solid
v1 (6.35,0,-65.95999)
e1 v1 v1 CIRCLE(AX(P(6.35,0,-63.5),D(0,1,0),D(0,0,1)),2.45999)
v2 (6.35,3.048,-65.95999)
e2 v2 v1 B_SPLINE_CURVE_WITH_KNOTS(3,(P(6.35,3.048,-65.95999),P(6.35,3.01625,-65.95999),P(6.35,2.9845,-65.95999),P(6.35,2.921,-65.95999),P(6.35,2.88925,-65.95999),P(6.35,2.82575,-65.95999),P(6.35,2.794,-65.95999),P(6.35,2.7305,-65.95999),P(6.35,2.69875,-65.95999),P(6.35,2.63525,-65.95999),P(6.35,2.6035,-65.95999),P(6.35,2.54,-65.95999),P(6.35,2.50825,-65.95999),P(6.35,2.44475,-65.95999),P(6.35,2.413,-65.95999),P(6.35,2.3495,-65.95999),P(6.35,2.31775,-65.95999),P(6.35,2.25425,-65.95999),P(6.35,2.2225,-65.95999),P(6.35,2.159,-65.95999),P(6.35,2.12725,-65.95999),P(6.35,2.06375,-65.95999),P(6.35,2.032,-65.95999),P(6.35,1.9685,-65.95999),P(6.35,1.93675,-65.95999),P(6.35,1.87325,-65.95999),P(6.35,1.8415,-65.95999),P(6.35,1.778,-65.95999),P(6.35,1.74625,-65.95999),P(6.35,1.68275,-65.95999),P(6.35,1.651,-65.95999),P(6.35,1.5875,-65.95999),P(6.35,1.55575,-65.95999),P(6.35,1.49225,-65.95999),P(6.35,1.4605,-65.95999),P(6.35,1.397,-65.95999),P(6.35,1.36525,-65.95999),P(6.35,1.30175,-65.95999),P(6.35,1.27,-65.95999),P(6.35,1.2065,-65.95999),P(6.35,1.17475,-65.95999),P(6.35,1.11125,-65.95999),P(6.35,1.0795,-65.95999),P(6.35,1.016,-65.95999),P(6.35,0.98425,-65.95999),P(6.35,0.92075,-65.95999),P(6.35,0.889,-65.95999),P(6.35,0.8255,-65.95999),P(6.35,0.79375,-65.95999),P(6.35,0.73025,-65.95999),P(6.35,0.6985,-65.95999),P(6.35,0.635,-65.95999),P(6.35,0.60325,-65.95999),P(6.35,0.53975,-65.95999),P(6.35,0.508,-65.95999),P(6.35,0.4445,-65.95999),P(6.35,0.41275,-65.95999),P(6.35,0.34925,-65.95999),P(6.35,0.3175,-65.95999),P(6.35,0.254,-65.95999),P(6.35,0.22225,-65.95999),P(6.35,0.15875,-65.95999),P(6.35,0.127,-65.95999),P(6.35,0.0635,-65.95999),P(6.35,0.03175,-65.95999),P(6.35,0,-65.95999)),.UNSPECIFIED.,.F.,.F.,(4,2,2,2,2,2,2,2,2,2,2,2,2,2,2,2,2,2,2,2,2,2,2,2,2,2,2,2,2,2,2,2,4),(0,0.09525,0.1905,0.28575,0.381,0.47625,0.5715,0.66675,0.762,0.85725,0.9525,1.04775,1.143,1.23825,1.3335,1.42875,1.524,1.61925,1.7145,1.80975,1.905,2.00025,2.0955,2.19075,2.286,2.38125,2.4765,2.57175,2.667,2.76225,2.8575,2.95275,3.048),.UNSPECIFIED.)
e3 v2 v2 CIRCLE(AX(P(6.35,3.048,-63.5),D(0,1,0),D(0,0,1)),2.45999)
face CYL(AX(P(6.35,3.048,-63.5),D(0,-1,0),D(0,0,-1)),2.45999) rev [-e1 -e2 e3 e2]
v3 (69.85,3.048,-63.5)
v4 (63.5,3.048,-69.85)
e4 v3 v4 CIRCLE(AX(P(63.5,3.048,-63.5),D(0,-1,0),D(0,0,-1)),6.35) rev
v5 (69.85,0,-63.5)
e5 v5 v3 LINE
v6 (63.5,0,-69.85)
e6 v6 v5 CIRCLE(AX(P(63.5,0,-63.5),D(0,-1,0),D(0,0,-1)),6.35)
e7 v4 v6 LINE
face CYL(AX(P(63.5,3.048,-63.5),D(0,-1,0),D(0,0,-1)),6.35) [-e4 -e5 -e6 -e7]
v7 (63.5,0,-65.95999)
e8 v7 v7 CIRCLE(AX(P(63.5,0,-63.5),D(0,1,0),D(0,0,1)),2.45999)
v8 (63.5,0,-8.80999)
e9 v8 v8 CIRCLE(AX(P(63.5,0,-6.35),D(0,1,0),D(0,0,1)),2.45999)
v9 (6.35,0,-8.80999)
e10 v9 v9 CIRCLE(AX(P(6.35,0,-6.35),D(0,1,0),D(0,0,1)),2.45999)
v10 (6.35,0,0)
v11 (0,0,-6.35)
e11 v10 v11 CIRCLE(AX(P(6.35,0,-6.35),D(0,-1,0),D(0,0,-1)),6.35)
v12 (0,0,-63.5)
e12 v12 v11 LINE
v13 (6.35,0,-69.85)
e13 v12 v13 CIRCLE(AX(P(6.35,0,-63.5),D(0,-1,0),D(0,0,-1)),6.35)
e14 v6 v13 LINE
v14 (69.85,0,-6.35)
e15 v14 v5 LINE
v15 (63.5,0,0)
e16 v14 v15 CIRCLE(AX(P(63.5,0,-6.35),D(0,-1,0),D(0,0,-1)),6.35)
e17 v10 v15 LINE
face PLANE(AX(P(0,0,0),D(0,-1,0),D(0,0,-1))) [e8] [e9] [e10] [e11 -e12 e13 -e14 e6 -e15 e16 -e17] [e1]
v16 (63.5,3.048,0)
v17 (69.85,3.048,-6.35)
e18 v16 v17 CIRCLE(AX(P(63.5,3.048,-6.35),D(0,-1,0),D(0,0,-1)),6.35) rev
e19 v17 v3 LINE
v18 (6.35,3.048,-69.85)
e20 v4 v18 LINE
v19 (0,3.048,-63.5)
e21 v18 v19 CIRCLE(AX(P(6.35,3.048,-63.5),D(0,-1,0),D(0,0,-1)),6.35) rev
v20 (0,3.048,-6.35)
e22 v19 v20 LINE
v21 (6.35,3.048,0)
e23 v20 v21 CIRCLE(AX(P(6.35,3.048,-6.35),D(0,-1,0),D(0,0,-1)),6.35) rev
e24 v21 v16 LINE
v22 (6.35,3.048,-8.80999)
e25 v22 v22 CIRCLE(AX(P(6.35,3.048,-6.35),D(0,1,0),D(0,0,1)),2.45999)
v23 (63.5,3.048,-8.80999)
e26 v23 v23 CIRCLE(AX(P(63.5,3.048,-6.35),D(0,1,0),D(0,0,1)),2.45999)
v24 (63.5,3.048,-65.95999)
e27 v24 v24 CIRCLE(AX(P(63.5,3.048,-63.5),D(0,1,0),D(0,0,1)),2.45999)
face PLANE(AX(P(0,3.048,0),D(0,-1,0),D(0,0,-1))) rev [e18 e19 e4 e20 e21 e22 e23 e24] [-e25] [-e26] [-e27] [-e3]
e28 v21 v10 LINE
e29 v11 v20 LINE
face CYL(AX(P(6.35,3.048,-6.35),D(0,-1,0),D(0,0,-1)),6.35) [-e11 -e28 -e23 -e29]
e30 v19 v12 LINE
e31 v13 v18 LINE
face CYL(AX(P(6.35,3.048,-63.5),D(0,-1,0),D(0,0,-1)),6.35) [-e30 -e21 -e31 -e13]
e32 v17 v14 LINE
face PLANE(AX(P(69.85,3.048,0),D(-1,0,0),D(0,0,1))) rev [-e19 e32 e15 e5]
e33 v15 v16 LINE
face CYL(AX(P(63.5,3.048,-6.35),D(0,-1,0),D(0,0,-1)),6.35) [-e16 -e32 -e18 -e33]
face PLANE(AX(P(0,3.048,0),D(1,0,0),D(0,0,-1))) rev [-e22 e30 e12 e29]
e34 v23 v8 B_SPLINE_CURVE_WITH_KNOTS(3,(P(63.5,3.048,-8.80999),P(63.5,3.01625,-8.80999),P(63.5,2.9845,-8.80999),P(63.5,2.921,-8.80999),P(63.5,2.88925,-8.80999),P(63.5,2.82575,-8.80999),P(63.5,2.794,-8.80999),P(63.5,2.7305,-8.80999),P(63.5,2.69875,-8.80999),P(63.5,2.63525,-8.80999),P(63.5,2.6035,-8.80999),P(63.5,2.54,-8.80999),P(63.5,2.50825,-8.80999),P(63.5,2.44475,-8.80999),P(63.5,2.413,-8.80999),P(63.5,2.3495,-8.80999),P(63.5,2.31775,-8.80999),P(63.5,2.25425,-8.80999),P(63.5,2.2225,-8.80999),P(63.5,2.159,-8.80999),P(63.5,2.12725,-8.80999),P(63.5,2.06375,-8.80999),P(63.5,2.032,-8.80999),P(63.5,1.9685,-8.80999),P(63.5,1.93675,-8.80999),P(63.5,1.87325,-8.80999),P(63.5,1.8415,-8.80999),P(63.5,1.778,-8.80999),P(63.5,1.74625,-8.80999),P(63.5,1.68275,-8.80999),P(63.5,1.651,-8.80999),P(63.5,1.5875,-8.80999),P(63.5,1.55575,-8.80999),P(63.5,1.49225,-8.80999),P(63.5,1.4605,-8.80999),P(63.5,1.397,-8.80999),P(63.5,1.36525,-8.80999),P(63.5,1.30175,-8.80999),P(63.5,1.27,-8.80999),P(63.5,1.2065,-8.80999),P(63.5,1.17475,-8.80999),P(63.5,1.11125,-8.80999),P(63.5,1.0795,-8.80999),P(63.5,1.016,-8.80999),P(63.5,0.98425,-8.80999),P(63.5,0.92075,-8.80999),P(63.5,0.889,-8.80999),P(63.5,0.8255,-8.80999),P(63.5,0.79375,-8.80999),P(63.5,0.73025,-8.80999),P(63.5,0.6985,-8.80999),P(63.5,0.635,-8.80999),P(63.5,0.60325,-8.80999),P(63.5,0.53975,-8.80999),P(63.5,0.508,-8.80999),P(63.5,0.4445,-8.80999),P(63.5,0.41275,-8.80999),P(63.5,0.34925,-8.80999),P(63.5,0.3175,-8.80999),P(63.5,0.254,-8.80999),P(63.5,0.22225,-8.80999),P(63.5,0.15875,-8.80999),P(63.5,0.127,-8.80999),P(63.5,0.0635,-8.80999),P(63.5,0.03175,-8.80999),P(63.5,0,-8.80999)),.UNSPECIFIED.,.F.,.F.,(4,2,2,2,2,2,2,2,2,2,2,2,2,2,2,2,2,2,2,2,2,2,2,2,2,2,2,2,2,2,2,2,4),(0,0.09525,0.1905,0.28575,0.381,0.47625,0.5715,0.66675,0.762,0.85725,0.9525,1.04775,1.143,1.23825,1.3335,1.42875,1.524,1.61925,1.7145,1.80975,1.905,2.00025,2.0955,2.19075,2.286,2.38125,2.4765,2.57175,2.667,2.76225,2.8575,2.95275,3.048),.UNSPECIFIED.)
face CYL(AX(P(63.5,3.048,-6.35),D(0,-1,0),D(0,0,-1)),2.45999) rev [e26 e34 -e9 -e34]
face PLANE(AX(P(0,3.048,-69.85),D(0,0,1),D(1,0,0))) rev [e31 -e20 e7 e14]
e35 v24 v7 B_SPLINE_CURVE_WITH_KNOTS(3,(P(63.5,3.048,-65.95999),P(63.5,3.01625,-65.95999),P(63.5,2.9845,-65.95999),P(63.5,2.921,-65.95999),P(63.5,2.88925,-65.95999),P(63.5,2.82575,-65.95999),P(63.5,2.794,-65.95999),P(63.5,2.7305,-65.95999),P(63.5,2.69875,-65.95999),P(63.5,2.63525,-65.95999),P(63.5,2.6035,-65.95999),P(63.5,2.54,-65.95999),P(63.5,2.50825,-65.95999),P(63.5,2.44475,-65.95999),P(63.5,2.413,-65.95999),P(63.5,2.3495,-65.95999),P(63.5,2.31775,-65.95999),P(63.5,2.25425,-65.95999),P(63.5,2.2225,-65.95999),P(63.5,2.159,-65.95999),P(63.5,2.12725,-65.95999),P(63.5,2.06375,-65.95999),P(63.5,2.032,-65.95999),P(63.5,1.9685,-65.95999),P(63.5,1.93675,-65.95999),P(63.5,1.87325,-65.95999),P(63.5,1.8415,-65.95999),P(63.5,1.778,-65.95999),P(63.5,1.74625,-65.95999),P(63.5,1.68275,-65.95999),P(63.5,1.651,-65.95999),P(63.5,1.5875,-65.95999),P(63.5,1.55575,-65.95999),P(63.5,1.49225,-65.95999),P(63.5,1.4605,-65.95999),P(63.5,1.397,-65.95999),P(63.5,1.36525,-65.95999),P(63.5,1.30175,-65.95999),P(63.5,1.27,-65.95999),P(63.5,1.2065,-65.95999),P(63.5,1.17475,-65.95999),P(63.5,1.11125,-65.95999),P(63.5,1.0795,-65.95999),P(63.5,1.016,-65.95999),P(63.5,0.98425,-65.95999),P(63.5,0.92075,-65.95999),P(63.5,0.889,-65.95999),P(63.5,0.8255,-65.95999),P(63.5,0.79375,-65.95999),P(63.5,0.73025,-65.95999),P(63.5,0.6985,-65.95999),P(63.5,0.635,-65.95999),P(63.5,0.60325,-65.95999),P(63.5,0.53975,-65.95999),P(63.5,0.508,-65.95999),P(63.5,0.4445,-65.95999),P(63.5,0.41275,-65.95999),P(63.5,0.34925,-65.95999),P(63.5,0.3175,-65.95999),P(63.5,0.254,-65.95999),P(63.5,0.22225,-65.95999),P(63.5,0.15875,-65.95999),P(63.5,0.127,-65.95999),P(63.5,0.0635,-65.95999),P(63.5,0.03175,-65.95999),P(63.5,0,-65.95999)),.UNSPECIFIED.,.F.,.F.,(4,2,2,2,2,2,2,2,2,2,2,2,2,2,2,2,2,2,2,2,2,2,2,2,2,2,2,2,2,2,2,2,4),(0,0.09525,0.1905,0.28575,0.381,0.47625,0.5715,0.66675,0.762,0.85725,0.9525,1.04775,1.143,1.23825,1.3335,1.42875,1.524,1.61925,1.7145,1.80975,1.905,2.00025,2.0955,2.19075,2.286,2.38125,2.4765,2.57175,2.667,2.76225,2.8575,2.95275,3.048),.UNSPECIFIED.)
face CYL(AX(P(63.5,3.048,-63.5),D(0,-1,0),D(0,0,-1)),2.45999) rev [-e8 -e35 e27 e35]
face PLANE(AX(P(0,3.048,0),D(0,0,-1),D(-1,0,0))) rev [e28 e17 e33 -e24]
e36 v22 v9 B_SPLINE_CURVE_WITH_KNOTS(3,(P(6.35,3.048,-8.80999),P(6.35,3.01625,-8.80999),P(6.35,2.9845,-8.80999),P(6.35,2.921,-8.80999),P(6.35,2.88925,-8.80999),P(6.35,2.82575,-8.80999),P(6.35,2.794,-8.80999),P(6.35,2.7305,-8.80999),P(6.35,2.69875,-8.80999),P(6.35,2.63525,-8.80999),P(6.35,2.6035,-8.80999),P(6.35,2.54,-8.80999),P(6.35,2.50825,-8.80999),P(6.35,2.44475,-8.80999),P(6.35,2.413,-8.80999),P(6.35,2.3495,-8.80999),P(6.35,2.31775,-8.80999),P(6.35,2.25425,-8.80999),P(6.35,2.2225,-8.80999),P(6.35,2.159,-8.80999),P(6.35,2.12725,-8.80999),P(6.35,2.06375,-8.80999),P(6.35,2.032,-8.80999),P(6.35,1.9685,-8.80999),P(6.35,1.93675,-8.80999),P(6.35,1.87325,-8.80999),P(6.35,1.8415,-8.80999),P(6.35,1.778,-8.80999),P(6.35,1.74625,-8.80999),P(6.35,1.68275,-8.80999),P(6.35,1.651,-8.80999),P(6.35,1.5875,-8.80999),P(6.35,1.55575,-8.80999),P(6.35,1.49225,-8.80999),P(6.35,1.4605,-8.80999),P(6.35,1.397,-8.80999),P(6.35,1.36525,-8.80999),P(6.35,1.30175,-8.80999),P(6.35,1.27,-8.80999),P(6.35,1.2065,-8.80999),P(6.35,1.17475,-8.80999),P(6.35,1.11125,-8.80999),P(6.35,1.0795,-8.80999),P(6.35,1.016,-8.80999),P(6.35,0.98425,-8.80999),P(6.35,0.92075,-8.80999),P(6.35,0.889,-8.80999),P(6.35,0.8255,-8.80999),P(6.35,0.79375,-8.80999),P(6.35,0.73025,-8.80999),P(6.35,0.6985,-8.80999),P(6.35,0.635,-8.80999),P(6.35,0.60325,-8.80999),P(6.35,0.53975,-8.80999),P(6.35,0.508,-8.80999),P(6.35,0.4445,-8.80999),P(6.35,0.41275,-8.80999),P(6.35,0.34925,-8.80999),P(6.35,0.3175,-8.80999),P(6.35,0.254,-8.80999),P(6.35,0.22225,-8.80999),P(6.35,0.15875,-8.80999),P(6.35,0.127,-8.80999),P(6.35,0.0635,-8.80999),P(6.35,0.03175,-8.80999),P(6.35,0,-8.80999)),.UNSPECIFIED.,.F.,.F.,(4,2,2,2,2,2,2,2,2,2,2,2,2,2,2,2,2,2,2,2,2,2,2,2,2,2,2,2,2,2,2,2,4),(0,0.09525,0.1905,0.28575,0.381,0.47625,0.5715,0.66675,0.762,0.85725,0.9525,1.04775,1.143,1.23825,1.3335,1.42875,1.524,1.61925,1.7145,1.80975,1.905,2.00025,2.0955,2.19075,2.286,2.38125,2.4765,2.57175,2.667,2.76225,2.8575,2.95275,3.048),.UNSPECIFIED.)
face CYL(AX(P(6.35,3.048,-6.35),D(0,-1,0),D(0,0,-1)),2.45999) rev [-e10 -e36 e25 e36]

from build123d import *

# Parameters (mm, degrees)
SKETCH1_W           = 69.85
SKETCH1_H           = 69.85
BOSS_EXTRUDE1_DEPTH = 3.048
SKETCH2_R           = 2.45999
CUT_EXTRUDE1_DEPTH  = 99.829830031
FILLET2_R           = 6.35


with BuildPart() as part:
    # Sketch1 → Boss-Extrude1 (new body)
    with BuildSketch(Plane(origin=(0, 0, 0), x_dir=(1, 0, 0), z_dir=(0, 1, 0))):
        with Locations((34.925, 34.925)):
            Rectangle(SKETCH1_W, SKETCH1_H)
    extrude(amount=BOSS_EXTRUDE1_DEPTH)

    # Sketch2 → Cut-Extrude1 (cut, through all)
    with BuildSketch(Plane(origin=(0, 0, 0), x_dir=(1, 0, 0), z_dir=(0, 1, 0))):
        with Locations(Location((6.35, 6.35, 0), (0, 0, 90))):
            Circle(SKETCH2_R)
        with Locations(Location((63.5, 6.35, 0), (0, 0, 90))):
            Circle(SKETCH2_R)
        with Locations(Location((6.35, 63.5, 0), (0, 0, 90))):
            Circle(SKETCH2_R)
        with Locations(Location((63.5, 63.5, 0), (0, 0, 90))):
            Circle(SKETCH2_R)
    extrude(amount=CUT_EXTRUDE1_DEPTH, mode=Mode.SUBTRACT)

    # Fillet2
    fillet2_edges = [part.edges().sort_by_distance(p)[0] for p in [
        (0, 1.524, -69.85),
        (69.85, 1.524, -69.85),
        (69.85, 1.524, 0),
        (0, 1.524, 0),
    ]]
    fillet(fillet2_edges, radius=FILLET2_R)


solid = part.part
